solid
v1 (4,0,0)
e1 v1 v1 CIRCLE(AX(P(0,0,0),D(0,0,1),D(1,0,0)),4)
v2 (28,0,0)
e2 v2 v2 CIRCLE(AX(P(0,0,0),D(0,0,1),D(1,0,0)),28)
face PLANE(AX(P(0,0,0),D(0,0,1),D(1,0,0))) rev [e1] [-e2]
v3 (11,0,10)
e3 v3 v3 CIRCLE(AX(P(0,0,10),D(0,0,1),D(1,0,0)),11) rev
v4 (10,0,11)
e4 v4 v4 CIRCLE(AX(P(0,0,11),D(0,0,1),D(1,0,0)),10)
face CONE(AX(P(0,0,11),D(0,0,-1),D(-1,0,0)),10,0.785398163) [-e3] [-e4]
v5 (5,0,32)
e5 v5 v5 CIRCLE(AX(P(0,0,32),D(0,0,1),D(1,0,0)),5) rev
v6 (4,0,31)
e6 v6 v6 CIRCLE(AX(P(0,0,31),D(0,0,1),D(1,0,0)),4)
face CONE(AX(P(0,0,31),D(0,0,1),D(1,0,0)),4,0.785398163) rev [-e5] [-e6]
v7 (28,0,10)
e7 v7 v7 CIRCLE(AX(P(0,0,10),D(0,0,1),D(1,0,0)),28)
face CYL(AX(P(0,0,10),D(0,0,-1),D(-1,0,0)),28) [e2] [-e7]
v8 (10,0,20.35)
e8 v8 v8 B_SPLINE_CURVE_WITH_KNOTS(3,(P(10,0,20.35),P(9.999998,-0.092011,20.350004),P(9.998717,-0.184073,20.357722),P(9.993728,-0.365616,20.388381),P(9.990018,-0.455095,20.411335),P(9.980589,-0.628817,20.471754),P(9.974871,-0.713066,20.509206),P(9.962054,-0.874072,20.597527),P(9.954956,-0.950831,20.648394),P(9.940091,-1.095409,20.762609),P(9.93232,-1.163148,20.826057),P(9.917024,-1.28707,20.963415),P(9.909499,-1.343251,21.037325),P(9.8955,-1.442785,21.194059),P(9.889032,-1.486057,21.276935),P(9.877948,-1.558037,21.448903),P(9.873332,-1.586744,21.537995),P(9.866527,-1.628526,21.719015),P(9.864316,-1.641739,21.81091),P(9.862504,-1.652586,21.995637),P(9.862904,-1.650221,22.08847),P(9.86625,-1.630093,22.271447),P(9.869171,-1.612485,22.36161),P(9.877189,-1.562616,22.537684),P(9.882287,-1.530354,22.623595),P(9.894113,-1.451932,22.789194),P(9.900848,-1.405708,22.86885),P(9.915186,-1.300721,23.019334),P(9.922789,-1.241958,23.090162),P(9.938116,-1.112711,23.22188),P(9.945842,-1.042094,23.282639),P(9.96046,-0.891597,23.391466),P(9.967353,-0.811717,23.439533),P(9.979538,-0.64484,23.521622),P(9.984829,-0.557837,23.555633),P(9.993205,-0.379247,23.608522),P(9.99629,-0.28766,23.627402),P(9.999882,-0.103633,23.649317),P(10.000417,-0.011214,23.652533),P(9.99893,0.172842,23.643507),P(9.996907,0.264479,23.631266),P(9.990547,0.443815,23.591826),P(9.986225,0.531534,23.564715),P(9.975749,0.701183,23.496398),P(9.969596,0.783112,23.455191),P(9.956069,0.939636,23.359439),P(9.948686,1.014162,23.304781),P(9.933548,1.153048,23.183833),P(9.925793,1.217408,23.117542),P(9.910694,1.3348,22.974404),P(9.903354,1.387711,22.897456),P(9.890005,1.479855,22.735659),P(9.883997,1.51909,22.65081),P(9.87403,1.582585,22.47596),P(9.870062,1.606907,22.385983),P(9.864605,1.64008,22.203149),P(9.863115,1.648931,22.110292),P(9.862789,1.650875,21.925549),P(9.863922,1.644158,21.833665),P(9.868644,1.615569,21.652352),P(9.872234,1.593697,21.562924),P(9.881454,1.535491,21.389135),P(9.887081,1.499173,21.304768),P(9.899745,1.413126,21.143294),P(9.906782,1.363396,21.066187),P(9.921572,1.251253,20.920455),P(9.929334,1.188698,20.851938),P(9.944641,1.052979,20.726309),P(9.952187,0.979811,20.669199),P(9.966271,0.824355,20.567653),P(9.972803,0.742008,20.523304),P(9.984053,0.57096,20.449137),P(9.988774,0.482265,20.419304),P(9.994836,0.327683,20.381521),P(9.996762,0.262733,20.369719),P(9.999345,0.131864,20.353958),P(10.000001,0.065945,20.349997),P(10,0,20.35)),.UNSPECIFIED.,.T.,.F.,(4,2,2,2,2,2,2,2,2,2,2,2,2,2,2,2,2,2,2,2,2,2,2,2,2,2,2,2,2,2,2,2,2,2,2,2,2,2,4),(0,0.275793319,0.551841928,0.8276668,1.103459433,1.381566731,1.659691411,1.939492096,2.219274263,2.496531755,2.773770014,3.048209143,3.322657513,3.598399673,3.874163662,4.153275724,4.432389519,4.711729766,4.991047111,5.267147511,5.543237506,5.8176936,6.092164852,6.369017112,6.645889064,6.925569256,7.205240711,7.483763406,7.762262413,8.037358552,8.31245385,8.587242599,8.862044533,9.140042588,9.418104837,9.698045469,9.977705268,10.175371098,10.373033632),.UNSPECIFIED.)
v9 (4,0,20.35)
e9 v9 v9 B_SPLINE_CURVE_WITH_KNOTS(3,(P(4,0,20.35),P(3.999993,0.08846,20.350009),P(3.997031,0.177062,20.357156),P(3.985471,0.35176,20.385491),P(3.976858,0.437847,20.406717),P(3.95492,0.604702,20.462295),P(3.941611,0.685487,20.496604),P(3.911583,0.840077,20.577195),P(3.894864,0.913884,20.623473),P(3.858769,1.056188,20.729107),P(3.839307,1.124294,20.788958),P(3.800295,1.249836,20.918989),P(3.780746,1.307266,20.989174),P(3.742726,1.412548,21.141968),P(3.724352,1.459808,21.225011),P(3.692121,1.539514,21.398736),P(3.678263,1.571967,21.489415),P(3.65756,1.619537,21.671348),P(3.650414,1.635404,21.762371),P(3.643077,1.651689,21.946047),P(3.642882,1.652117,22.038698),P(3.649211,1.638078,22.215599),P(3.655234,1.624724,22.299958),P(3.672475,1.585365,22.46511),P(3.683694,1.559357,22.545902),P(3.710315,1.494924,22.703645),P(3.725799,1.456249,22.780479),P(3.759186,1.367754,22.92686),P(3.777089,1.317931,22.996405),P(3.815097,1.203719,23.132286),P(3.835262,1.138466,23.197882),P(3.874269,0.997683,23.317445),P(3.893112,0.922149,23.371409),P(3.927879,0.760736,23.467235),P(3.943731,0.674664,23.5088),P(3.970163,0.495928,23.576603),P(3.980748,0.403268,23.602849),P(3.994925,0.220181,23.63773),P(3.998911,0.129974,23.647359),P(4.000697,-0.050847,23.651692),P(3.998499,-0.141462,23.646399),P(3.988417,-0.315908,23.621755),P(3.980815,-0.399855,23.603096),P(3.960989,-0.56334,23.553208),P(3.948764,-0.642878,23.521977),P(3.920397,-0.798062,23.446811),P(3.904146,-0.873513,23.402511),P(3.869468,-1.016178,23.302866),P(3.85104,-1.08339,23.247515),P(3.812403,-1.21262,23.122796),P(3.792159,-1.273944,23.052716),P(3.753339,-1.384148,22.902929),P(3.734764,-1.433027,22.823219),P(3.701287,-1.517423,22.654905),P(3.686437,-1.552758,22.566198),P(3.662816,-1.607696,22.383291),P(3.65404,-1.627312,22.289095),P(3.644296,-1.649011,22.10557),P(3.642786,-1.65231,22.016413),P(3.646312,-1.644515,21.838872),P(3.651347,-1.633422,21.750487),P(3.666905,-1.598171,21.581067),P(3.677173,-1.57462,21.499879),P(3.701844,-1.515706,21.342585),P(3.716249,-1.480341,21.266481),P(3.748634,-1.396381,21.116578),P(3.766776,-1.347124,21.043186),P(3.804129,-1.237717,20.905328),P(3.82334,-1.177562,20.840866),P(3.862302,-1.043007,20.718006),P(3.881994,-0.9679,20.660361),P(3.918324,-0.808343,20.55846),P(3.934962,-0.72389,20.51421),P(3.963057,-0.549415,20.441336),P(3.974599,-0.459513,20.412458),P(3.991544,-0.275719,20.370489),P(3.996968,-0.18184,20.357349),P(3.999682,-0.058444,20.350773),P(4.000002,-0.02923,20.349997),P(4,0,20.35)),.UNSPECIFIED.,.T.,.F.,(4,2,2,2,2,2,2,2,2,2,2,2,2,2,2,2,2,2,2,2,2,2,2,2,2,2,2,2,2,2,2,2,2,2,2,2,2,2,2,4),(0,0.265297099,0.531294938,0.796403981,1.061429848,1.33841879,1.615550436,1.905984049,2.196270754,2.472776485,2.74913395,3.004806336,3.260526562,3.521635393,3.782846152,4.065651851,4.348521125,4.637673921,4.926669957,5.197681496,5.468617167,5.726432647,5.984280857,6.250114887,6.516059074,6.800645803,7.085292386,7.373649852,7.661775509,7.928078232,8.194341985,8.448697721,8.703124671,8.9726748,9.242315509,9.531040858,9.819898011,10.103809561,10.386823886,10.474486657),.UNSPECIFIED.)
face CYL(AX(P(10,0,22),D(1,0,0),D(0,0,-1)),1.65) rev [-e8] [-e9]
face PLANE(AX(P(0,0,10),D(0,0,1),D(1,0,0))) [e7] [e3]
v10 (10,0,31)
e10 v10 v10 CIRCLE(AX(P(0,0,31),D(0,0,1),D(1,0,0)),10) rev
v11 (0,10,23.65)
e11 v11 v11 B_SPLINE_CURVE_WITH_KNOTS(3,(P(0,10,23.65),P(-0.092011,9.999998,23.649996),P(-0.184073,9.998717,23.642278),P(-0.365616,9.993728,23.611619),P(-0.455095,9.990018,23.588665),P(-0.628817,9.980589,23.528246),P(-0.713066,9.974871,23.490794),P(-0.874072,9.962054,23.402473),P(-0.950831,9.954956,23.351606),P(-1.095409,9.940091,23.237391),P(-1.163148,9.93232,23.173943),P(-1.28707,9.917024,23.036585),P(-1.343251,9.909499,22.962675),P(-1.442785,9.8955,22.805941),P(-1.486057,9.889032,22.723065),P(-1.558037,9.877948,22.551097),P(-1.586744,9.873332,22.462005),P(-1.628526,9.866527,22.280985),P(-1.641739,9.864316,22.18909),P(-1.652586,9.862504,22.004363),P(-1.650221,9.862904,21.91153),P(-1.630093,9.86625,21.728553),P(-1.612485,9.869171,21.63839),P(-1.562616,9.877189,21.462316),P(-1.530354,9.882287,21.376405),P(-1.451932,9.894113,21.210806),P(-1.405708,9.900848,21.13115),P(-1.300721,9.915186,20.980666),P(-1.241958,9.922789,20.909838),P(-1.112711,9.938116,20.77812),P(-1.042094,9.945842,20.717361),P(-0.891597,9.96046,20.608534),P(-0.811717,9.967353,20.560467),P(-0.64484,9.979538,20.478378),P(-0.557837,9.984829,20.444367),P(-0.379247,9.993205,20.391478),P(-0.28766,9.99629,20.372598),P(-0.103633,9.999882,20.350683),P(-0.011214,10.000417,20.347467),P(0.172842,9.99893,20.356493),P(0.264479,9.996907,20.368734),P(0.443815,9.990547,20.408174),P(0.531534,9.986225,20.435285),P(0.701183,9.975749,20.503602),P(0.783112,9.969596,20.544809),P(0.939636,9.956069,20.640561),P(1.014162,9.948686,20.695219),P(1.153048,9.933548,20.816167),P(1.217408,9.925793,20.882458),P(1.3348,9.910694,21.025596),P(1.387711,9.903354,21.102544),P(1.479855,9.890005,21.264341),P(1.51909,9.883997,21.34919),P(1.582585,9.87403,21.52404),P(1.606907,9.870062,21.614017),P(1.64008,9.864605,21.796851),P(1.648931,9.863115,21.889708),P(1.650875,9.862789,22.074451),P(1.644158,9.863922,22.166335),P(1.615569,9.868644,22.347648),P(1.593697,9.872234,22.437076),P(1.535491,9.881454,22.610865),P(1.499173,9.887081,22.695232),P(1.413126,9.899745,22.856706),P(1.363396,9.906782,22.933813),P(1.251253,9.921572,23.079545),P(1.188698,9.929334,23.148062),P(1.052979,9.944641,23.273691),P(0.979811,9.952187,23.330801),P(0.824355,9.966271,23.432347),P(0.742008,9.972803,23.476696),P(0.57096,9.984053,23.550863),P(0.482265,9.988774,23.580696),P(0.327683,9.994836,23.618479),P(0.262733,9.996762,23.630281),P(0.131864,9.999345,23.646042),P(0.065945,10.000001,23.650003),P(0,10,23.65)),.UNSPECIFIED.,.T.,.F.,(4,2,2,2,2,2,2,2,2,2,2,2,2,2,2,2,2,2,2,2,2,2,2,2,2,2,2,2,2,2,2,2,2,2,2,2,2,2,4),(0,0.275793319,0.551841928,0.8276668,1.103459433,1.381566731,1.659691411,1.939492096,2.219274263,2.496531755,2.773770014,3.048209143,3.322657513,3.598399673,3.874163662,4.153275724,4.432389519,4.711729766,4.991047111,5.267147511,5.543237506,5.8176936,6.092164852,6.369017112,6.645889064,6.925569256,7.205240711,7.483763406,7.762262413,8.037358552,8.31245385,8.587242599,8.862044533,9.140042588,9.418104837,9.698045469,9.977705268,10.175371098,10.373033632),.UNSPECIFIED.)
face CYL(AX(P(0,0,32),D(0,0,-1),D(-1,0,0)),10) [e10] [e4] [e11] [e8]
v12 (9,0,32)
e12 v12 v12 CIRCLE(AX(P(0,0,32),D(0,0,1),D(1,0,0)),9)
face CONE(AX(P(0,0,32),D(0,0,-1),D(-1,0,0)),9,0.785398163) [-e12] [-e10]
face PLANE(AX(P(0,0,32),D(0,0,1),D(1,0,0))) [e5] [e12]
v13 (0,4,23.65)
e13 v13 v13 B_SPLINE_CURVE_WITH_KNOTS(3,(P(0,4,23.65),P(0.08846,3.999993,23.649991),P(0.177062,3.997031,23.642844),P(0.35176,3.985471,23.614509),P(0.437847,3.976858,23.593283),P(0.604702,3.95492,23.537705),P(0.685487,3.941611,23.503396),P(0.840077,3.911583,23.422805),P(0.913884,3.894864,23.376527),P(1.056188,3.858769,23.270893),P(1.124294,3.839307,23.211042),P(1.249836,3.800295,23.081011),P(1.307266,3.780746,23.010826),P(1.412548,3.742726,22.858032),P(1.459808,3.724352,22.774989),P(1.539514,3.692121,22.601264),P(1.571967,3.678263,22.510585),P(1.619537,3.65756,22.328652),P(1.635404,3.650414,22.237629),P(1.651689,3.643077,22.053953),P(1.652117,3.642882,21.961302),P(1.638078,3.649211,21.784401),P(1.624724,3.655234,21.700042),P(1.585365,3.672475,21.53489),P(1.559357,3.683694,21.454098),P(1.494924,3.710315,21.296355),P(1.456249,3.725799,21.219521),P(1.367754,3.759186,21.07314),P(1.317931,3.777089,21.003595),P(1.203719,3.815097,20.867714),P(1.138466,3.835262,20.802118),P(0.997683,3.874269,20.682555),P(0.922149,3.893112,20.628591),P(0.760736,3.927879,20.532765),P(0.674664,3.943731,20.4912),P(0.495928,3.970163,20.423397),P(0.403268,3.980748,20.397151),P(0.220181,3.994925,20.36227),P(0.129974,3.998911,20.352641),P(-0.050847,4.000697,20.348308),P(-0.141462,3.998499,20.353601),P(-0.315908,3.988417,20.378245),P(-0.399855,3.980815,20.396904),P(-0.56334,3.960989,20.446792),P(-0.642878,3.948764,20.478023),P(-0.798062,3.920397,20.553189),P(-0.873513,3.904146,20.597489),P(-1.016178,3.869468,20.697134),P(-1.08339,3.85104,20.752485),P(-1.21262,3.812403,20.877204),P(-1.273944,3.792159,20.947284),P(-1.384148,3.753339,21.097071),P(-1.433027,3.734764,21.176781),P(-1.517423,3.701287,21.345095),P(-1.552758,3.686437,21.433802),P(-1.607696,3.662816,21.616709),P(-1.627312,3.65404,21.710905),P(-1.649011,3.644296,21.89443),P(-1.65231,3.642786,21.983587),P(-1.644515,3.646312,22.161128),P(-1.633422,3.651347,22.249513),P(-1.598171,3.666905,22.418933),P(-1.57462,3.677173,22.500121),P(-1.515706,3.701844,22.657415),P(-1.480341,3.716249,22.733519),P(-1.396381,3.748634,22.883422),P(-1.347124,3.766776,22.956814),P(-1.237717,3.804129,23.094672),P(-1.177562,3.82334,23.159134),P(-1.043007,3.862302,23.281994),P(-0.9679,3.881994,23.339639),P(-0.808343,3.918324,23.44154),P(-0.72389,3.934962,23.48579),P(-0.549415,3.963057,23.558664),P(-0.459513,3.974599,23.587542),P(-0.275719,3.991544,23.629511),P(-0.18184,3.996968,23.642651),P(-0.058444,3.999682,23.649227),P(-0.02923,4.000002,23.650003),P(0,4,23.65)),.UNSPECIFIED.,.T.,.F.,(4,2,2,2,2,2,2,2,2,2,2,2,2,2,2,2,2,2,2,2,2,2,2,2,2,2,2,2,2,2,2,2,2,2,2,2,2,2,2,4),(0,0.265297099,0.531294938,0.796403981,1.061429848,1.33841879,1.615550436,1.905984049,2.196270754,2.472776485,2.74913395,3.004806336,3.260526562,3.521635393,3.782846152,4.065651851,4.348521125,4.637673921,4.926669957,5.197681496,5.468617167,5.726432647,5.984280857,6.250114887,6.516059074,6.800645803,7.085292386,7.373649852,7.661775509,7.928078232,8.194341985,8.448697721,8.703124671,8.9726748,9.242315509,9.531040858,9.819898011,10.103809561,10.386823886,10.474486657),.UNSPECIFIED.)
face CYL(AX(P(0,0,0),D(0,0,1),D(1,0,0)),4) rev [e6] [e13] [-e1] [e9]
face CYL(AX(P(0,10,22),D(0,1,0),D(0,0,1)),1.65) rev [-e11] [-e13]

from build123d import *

# Parameters (mm, degrees)
SKETCH1_R              = 28
BOSS_EXTRUDE1_DEPTH    = 10
SKETCH2_R              = 10
BOSS_EXTRUDE2_DEPTH    = 22
SKETCH4_R              = 4
CUT_EXTRUDE2_DEPTH     = 51.911688245
CHAMFER2_SIZE          = 1
M4_TAPPED_HOLE1_REACH  = 54.077
M4_TAPPED_HOLE1_BORE_R = 1.65
CIRPATTERN2_COUNT      = 2
CIRPATTERN2_ANGLE      = 90


with BuildPart() as part:
    # Sketch1 → Boss-Extrude1 (new body)
    with BuildSketch(Plane.XY):
        Circle(SKETCH1_R)
    extrude(amount=BOSS_EXTRUDE1_DEPTH)

    # Sketch2 → Boss-Extrude2 (add)
    with BuildSketch(Plane.XY.offset(10)):
        Circle(SKETCH2_R)
    extrude(amount=BOSS_EXTRUDE2_DEPTH)

    # Sketch4 → Cut-Extrude2 (cut, through all)
    with BuildSketch(Plane.XY.offset(32)):
        Circle(SKETCH4_R)
    extrude(amount=-CUT_EXTRUDE2_DEPTH, mode=Mode.SUBTRACT)

    # Chamfer2
    chamfer2_edges = [part.edges().sort_by_distance(p)[0] for p in [
        (-4, 0, 32),
        (-10, 0, 10),
        (-10, 0, 32),
    ]]
    chamfer(chamfer2_edges, length=CHAMFER2_SIZE)

    # M4 Tapped Hole1 bore (on position points) → M4 Tapped Hole1 (cut, up to next)
    with BuildSketch(Plane(origin=(0, 10, 22), x_dir=(1, 0, 0), z_dir=(0, 1, 0)), mode=Mode.PRIVATE) as m4_tapped_hole1_sk1:
        Circle(M4_TAPPED_HOLE1_BORE_R)
    m4_tapped_hole1_tool1 = extrude(m4_tapped_hole1_sk1.sketch, amount=-M4_TAPPED_HOLE1_REACH, mode=Mode.PRIVATE) & part.part
    m4_tapped_hole1 = m4_tapped_hole1_tool1.solids().sort_by_distance((0, 10, 22))[0]
    add(m4_tapped_hole1, mode=Mode.SUBTRACT)

    # CirPattern2: M4 Tapped Hole1 ×2 about axis
    cirpattern2_axis = Axis((0, 0, 32), (0, 0, -1))
    for i in range(1, CIRPATTERN2_COUNT):
        add(m4_tapped_hole1.rotate(cirpattern2_axis, i * CIRPATTERN2_ANGLE / (CIRPATTERN2_COUNT - 1)), mode=Mode.SUBTRACT)


solid = part.part
